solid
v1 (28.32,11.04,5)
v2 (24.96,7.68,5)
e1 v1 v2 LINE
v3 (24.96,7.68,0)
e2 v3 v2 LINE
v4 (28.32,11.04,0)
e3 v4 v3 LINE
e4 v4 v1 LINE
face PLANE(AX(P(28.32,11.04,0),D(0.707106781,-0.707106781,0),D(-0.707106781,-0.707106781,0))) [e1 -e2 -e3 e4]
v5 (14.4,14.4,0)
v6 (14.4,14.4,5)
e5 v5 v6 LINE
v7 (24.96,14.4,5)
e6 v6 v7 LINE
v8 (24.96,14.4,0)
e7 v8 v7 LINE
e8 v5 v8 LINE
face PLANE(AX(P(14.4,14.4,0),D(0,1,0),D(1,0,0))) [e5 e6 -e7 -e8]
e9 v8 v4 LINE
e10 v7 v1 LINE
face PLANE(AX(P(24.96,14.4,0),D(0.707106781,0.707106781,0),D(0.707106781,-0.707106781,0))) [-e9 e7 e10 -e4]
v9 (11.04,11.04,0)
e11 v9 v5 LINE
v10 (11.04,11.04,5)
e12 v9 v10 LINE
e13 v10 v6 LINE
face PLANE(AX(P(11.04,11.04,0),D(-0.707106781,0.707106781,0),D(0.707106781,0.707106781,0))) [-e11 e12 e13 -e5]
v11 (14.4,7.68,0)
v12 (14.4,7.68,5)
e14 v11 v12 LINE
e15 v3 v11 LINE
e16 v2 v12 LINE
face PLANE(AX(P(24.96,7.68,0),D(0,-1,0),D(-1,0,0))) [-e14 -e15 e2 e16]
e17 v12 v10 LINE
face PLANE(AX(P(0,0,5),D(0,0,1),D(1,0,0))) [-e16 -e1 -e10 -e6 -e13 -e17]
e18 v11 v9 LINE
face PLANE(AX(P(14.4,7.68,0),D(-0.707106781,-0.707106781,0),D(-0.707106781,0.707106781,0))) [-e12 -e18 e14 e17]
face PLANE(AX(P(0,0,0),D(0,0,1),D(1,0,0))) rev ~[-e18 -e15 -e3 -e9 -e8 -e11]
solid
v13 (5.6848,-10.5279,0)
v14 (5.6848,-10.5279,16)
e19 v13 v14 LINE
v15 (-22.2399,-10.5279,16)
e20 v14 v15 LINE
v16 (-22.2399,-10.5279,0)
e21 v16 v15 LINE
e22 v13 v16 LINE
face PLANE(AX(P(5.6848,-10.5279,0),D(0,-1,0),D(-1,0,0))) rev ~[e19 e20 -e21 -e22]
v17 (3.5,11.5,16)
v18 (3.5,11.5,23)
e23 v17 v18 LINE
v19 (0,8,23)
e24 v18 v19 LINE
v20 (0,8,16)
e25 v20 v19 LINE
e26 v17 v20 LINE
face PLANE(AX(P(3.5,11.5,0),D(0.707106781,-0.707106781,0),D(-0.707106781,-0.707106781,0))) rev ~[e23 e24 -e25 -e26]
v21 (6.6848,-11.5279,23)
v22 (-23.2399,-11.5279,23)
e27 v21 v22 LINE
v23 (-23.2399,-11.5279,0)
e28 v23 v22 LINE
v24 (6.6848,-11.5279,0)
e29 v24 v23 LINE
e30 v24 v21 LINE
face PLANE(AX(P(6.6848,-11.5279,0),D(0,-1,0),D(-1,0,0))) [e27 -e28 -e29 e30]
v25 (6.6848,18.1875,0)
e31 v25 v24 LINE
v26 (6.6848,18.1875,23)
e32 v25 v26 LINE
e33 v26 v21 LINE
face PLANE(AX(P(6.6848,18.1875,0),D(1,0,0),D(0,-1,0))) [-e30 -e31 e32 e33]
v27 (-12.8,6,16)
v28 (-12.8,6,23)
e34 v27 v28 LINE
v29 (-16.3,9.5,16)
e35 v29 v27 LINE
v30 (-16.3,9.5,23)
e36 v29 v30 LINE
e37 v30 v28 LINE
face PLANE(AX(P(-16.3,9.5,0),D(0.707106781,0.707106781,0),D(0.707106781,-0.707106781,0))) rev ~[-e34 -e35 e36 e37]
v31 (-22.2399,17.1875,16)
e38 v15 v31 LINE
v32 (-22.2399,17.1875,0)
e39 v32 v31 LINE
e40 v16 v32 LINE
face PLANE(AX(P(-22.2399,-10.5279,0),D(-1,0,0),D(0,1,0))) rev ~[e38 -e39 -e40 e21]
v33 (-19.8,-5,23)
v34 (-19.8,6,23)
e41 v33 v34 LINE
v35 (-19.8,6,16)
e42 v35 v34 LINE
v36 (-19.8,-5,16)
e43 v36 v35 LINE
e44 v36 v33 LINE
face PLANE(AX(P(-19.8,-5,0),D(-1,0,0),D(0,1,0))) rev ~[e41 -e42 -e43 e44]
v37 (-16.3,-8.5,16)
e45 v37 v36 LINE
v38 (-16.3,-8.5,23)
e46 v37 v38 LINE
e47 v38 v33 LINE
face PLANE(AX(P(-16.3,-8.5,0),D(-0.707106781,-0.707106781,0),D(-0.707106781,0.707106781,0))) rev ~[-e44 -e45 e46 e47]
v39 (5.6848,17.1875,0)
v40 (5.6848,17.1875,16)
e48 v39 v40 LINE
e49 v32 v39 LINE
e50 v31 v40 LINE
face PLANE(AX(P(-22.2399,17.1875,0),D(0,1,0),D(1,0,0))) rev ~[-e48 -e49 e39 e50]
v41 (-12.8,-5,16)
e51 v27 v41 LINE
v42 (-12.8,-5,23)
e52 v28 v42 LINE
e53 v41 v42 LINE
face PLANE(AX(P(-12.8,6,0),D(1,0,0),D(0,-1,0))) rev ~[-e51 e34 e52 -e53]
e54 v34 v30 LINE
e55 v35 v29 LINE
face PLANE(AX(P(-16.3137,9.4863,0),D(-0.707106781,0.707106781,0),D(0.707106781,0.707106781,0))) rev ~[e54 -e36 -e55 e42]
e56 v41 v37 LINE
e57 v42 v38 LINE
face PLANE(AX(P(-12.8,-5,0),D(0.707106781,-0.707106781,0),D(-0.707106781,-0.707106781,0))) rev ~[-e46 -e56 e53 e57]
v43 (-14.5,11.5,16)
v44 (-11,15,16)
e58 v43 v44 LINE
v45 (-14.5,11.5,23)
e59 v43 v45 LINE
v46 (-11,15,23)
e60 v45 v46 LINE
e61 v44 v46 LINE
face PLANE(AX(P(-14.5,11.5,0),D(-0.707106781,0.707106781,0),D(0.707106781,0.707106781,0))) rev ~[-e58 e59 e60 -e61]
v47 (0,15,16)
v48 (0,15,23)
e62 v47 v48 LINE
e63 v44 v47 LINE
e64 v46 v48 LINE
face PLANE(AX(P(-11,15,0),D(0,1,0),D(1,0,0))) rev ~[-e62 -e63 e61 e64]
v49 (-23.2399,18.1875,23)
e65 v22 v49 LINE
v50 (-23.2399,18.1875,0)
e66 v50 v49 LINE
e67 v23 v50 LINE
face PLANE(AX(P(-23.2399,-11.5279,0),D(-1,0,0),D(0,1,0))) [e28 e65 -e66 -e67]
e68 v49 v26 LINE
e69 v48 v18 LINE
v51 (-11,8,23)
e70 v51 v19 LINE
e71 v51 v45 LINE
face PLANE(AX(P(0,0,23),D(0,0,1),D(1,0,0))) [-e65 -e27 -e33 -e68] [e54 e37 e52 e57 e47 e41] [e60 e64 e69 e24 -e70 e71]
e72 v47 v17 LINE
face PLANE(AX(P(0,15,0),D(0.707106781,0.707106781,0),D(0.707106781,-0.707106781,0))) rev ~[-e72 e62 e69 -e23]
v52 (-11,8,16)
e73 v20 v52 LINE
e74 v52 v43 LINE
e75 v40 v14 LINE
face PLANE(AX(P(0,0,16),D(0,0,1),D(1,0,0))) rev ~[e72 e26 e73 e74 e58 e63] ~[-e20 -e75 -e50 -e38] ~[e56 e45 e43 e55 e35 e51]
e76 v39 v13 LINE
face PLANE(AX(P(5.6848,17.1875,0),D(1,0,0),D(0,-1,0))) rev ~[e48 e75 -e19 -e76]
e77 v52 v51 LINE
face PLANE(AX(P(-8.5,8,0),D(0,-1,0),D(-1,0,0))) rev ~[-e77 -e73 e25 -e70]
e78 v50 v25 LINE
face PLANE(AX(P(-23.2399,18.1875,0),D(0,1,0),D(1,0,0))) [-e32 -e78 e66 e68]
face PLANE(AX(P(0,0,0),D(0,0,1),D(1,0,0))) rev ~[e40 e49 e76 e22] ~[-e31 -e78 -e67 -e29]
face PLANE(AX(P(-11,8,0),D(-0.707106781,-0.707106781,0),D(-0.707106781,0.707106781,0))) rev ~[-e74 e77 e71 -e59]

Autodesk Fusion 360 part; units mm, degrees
sketch "Sketch1" plane through (0, 0, 0) normal (0, 0, 1) x (1, 0, 0)
  line L0 (-16.3137, 11.5) -> (-5, 11.5)
  line L1 (-5, 11.5) -> (-16.3137, 0.1863)
  line L2 (-16.3137, 0.1863) -> (-16.3137, 11.5)
  line L3 (-14.5, 11.5) -> (-11, 15)
  line L4 (-11, 15) -> (0, 15)
  line L5 (0, 15) -> (3.5, 11.5)
  line L6 (3.5, 11.5) -> (0, 8)
  line L7 (0, 8) -> (-11, 8)
  line L8 (-11, 8) -> (-14.5, 11.5)
  line L9 (-19.8, 6) -> (-16.3, 9.5)
  line L10 (-12.8, -5) -> (-16.3, -8.5)
  line L11 (-16.3, 9.5) -> (-12.8, 6)
  line L12 (-19.8, -5) -> (-19.8, 6)
  line L13 (-16.3, -8.5) -> (-19.8, -5)
  line L14 (-12.8, 6) -> (-12.8, -5)
  line L15 (-23.2399, 18.1875) -> (6.6848, 18.1875)
  line L16 (6.6848, 18.1875) -> (6.6848, -11.5279)
  line L17 (6.6848, -11.5279) -> (-23.2399, -11.5279)
  line L18 (-23.2399, -11.5279) -> (-23.2399, 18.1875)
  line L19 (-22.2399, 17.1875) -> (5.6848, 17.1875)
  line L20 (5.6848, 17.1875) -> (5.6848, -10.5279)
  line L21 (5.6848, -10.5279) -> (-22.2399, -10.5279)
  line L22 (-22.2399, -10.5279) -> (-22.2399, 17.1875)
  line L23 (11.04, 11.04) -> (14.4, 14.4)
  line L24 (14.4, 7.68) -> (11.04, 11.04)
  line L25 (24.96, 7.68) -> (14.4, 7.68)
  line L26 (28.32, 11.04) -> (24.96, 7.68)
  line L27 (24.96, 14.4) -> (28.32, 11.04)
  line L28 (14.4, 14.4) -> (24.96, 14.4)
  point P0 (-7, -4.5)
  dimension "d3" = 11.3137
  dimension "d11" = 7
  dimension "d14" = 18
  dimension "d21" = 1
  dimension "d22" = 1
  dimension "d23" = 1
  dimension "d24" = 1
extrude "Extrude2" add sketch "Sketch1" along normal blind 23 contours L0 L1 L2 L7 L8 L9 L11 L14 | L15 L16 L17 L18 | L19 L20 L21 L22 makes body 1
extrude "Extrude3" cut sketch "Sketch1" along normal blind 16 contours L0 L1 L2 L7 L8 L9 L11 L14 | L0 L1 L3 L4 L5 L6 L7 | L0 L1 L7 L8 | L1 L2 L9 L11 L14 | L1 L2 L9 L10 L12 L13 L14 | L19 L20 L21 L22 bodies 1
extrude "Extrude4" add sketch "Sketch1" along normal blind 5 separate body contours L23 L24 L25 L26 L27 L28 makes body 2
equation "vspace = 11.313708499 mm"
equation "d11 = thickboy"
equation "thickboy = 7 mm"
equation "with = 18 mm"
equation "d14 = with"
equation "tol = 0.127 mm"
